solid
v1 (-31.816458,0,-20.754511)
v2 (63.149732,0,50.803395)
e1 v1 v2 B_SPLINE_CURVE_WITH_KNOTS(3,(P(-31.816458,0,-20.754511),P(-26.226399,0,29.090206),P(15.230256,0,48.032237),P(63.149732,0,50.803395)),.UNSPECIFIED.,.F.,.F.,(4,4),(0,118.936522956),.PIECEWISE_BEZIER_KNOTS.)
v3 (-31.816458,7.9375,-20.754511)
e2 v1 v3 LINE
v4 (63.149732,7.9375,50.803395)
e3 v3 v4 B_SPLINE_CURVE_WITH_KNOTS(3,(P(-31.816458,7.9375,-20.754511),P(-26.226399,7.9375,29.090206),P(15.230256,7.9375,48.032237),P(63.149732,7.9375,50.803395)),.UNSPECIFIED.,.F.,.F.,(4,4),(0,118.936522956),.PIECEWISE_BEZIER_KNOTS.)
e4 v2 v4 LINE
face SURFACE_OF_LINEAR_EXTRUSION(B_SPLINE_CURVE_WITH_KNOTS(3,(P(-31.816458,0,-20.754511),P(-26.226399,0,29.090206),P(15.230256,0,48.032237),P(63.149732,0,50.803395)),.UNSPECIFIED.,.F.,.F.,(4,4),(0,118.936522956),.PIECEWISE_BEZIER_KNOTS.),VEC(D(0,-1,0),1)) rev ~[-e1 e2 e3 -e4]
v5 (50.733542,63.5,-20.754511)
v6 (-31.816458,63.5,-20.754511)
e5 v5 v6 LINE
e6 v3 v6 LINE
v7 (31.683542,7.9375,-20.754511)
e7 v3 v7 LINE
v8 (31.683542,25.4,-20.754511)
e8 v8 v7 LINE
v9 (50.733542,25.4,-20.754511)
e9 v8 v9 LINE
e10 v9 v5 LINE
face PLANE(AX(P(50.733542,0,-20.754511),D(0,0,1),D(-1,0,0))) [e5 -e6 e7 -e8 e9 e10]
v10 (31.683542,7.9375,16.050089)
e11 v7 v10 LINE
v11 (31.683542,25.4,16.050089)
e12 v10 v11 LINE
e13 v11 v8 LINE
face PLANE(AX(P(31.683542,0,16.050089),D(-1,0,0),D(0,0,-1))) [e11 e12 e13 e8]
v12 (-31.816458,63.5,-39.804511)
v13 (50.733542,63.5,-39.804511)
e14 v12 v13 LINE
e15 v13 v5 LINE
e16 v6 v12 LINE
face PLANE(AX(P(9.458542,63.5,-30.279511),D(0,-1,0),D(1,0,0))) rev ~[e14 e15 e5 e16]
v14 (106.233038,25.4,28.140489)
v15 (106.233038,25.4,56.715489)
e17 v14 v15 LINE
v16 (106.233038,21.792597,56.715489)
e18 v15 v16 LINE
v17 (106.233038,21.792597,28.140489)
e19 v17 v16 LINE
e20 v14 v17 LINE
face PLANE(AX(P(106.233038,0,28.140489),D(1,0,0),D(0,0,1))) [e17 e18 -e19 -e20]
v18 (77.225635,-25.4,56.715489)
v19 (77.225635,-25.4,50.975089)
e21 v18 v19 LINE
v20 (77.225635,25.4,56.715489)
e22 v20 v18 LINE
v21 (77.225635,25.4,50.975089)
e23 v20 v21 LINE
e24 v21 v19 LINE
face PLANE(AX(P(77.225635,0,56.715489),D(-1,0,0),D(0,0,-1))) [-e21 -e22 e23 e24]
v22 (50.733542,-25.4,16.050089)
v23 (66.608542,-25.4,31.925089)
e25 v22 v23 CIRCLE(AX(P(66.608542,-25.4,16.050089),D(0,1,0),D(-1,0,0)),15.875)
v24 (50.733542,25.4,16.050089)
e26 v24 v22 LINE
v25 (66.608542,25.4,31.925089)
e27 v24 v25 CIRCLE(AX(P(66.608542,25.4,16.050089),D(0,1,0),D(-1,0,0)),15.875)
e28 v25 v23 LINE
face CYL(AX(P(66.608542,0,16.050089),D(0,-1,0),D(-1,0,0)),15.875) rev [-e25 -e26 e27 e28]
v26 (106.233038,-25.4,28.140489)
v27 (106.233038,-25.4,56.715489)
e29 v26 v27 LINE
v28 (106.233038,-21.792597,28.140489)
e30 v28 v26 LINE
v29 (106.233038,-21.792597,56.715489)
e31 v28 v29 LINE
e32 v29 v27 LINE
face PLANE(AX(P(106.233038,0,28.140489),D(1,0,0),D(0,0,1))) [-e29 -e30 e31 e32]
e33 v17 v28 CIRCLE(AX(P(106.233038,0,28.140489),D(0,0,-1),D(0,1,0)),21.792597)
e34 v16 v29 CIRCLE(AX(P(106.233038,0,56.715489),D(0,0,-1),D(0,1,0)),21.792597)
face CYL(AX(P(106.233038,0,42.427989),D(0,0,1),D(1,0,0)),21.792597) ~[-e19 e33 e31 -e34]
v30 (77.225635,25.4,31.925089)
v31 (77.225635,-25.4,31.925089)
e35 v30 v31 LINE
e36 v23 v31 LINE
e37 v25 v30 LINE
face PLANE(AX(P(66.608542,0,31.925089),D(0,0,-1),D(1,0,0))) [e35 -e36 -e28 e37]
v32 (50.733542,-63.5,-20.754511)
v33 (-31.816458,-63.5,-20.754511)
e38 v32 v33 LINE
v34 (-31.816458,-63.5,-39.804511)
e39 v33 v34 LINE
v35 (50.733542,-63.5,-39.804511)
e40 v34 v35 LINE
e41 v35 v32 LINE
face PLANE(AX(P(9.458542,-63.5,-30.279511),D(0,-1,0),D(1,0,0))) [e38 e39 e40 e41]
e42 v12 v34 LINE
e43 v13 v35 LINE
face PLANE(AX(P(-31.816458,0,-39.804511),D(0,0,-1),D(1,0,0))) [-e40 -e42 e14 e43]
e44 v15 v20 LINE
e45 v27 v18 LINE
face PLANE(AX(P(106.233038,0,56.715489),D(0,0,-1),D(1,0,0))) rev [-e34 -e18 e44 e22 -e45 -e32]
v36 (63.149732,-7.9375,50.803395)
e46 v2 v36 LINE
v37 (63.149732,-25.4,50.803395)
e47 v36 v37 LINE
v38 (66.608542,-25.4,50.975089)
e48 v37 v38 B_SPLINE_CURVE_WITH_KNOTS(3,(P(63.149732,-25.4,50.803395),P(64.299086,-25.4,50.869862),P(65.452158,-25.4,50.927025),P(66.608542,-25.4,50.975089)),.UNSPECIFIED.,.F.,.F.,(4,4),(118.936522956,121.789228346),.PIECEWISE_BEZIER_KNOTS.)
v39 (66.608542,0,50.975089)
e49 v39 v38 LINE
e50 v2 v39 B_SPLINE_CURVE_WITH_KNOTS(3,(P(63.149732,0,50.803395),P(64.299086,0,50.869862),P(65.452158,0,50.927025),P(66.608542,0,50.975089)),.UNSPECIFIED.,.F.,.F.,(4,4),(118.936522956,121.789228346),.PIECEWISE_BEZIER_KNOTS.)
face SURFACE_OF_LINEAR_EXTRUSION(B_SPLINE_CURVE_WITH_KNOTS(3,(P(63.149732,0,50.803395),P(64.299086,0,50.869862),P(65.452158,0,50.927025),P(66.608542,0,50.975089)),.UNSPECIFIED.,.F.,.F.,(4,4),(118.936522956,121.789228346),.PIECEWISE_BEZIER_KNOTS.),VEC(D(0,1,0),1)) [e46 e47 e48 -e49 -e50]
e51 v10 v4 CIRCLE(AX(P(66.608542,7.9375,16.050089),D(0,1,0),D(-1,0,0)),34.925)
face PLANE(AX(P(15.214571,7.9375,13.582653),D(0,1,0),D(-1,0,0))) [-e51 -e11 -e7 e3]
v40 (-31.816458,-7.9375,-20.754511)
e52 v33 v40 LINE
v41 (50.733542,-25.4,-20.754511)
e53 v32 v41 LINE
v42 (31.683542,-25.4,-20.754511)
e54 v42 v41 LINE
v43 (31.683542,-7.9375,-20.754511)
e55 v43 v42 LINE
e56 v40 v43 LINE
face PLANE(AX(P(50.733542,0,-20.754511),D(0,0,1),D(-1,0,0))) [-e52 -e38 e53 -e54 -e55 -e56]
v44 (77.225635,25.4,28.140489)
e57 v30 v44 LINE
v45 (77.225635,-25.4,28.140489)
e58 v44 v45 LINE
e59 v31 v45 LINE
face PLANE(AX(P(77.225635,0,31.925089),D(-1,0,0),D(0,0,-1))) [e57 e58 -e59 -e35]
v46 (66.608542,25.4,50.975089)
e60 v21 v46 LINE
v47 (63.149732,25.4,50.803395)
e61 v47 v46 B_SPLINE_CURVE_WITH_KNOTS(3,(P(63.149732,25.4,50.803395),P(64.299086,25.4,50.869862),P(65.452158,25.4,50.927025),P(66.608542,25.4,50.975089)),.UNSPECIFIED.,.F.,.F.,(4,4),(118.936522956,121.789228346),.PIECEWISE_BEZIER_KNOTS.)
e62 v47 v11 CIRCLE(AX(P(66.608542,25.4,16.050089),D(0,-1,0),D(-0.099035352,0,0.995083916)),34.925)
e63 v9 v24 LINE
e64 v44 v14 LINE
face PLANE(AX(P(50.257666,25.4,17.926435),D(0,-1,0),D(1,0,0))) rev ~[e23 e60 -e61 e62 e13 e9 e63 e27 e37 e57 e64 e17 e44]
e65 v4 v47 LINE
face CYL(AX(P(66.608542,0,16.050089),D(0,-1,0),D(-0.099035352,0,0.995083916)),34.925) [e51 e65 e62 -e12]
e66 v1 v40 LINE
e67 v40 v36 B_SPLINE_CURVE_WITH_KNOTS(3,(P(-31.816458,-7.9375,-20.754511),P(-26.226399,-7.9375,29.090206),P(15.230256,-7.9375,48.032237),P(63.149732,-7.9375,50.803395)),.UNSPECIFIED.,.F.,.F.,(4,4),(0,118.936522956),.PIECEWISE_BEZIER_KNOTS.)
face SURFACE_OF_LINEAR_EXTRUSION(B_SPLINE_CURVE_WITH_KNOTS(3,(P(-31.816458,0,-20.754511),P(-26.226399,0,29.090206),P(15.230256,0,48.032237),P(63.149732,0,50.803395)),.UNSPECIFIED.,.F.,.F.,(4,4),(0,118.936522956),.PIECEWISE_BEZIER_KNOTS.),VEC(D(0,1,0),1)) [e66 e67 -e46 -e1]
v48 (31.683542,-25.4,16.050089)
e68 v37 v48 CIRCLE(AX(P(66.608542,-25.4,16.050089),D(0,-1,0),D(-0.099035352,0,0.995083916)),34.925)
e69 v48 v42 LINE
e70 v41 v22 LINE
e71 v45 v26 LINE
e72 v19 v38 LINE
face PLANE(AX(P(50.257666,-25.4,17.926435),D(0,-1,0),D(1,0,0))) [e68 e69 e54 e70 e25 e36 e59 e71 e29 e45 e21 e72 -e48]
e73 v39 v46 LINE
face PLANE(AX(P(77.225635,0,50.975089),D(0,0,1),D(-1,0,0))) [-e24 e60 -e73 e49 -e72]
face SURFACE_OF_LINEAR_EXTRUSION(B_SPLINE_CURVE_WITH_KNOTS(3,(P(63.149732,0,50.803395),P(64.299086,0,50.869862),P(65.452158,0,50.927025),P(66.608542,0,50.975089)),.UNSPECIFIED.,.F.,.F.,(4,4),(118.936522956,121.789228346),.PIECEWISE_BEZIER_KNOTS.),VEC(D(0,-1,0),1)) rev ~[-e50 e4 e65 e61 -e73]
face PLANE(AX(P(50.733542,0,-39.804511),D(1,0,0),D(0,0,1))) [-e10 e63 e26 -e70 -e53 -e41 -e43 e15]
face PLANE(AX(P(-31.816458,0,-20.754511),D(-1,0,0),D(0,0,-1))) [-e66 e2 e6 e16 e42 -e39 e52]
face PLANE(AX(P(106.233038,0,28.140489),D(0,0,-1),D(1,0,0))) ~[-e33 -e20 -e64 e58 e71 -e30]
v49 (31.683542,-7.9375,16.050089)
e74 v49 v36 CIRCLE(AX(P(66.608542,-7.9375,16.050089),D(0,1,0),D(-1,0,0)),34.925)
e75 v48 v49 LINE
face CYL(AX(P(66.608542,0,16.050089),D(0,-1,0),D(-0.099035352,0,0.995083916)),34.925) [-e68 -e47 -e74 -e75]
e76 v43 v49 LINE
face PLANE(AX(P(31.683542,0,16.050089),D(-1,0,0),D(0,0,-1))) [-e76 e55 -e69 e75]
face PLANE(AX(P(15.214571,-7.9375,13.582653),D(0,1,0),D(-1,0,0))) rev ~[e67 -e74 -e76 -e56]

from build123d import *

# Parameters (mm, degrees)
F1_DEPTH = 63.5
F2_DEPTH = 25.4
F3_DEPTH = 7.9375
F0_W     = 21.7925966091
F0_H     = 28.575


with BuildPart() as f1:
    # F0 (on Front) → F1 (new body, symmetric)
    with BuildSketch(Plane.XZ):
        Polygon((31.6835418344, -20.7545107607), (-31.8164581656, -20.7545107607), (-31.8164581656, -39.8045107607), (50.7335418344, -39.8045107607), (50.7335418344, -20.7545107607), align=None)
    extrude(amount=F1_DEPTH, both=True)

    # F0 (on Front) → F2 (join, symmetric)
    with BuildSketch(Plane.XZ):
        with BuildLine():
            Line((31.6835418344, 16.0500892393), (31.6835418344, -20.7545107607))
            Line((31.6835418344, -20.7545107607), (50.7335418344, -20.7545107607))
            Line((50.7335418344, -20.7545107607), (50.7335418344, 16.0500892393))
            ThreePointArc((50.7335418344, 16.0500892393), (55.383221683, 27.2754093906), (66.6085418344, 31.9250892393))
            Line((66.6085418344, 31.9250892393), (77.2256346173, 31.9250892393))
            Line((77.2256346173, 31.9250892393), (77.2256346173, 50.9750892393))
            Line((77.2256346173, 50.9750892393), (66.6085418344, 50.9750892393))
            add(Edge.make_bspline(
                [(63.1497321777, 50.8033949922), (64.2990860037, 50.8698615177), (65.4521577964, 50.9270251755), (66.6085418344, 50.9750892393)],
                knots=[118.9365229564, 118.9365229564, 118.9365229564, 118.9365229564, 121.7892283462, 121.7892283462, 121.7892283462, 121.7892283462], degree=3))
            ThreePointArc((63.1497321777, 50.8033949922), (40.7188281216, 39.4910437606), (31.6835418344, 16.0500892393))
        make_face()
        Polygon((77.2256346173, 56.7154892393), (77.2256346173, 50.9750892393), (77.2256346173, 31.9250892393), (77.2256346173, 28.1404892393), (106.2330380082, 28.1404892393), (106.2330380082, 56.7154892393), align=None)
    extrude(amount=F2_DEPTH, both=True)

    # F0 (on Front) → F3 (join, symmetric)
    with BuildSketch(Plane.XZ):
        with BuildLine():
            add(Edge.make_bspline(
                [(-31.8164581656, -20.7545107607), (-26.2263988588, 29.0902056228), (15.2302560918, 48.0322369679), (63.1497321777, 50.8033949922)],
                knots=[0, 0, 0, 0, 118.9365229564, 118.9365229564, 118.9365229564, 118.9365229564], degree=3))
            Line((-31.8164581656, -20.7545107607), (31.6835418344, -20.7545107607))
            Line((31.6835418344, -20.7545107607), (31.6835418344, 16.0500892393))
            ThreePointArc((31.6835418344, 16.0500892393), (40.7188281216, 39.4910437606), (63.1497321777, 50.8033949922))
        make_face()
    extrude(amount=F3_DEPTH, both=True)

    # F0 (on Front) → F4 (revolve)
    with BuildSketch(Plane.XZ):
        with Locations((117.1293363128, 42.4279892393)):
            Rectangle(F0_W, F0_H)
    revolve(axis=Axis((106.2330380082, 0, 42.4279892393), (0, 0, -1)))


solid = f1.part
